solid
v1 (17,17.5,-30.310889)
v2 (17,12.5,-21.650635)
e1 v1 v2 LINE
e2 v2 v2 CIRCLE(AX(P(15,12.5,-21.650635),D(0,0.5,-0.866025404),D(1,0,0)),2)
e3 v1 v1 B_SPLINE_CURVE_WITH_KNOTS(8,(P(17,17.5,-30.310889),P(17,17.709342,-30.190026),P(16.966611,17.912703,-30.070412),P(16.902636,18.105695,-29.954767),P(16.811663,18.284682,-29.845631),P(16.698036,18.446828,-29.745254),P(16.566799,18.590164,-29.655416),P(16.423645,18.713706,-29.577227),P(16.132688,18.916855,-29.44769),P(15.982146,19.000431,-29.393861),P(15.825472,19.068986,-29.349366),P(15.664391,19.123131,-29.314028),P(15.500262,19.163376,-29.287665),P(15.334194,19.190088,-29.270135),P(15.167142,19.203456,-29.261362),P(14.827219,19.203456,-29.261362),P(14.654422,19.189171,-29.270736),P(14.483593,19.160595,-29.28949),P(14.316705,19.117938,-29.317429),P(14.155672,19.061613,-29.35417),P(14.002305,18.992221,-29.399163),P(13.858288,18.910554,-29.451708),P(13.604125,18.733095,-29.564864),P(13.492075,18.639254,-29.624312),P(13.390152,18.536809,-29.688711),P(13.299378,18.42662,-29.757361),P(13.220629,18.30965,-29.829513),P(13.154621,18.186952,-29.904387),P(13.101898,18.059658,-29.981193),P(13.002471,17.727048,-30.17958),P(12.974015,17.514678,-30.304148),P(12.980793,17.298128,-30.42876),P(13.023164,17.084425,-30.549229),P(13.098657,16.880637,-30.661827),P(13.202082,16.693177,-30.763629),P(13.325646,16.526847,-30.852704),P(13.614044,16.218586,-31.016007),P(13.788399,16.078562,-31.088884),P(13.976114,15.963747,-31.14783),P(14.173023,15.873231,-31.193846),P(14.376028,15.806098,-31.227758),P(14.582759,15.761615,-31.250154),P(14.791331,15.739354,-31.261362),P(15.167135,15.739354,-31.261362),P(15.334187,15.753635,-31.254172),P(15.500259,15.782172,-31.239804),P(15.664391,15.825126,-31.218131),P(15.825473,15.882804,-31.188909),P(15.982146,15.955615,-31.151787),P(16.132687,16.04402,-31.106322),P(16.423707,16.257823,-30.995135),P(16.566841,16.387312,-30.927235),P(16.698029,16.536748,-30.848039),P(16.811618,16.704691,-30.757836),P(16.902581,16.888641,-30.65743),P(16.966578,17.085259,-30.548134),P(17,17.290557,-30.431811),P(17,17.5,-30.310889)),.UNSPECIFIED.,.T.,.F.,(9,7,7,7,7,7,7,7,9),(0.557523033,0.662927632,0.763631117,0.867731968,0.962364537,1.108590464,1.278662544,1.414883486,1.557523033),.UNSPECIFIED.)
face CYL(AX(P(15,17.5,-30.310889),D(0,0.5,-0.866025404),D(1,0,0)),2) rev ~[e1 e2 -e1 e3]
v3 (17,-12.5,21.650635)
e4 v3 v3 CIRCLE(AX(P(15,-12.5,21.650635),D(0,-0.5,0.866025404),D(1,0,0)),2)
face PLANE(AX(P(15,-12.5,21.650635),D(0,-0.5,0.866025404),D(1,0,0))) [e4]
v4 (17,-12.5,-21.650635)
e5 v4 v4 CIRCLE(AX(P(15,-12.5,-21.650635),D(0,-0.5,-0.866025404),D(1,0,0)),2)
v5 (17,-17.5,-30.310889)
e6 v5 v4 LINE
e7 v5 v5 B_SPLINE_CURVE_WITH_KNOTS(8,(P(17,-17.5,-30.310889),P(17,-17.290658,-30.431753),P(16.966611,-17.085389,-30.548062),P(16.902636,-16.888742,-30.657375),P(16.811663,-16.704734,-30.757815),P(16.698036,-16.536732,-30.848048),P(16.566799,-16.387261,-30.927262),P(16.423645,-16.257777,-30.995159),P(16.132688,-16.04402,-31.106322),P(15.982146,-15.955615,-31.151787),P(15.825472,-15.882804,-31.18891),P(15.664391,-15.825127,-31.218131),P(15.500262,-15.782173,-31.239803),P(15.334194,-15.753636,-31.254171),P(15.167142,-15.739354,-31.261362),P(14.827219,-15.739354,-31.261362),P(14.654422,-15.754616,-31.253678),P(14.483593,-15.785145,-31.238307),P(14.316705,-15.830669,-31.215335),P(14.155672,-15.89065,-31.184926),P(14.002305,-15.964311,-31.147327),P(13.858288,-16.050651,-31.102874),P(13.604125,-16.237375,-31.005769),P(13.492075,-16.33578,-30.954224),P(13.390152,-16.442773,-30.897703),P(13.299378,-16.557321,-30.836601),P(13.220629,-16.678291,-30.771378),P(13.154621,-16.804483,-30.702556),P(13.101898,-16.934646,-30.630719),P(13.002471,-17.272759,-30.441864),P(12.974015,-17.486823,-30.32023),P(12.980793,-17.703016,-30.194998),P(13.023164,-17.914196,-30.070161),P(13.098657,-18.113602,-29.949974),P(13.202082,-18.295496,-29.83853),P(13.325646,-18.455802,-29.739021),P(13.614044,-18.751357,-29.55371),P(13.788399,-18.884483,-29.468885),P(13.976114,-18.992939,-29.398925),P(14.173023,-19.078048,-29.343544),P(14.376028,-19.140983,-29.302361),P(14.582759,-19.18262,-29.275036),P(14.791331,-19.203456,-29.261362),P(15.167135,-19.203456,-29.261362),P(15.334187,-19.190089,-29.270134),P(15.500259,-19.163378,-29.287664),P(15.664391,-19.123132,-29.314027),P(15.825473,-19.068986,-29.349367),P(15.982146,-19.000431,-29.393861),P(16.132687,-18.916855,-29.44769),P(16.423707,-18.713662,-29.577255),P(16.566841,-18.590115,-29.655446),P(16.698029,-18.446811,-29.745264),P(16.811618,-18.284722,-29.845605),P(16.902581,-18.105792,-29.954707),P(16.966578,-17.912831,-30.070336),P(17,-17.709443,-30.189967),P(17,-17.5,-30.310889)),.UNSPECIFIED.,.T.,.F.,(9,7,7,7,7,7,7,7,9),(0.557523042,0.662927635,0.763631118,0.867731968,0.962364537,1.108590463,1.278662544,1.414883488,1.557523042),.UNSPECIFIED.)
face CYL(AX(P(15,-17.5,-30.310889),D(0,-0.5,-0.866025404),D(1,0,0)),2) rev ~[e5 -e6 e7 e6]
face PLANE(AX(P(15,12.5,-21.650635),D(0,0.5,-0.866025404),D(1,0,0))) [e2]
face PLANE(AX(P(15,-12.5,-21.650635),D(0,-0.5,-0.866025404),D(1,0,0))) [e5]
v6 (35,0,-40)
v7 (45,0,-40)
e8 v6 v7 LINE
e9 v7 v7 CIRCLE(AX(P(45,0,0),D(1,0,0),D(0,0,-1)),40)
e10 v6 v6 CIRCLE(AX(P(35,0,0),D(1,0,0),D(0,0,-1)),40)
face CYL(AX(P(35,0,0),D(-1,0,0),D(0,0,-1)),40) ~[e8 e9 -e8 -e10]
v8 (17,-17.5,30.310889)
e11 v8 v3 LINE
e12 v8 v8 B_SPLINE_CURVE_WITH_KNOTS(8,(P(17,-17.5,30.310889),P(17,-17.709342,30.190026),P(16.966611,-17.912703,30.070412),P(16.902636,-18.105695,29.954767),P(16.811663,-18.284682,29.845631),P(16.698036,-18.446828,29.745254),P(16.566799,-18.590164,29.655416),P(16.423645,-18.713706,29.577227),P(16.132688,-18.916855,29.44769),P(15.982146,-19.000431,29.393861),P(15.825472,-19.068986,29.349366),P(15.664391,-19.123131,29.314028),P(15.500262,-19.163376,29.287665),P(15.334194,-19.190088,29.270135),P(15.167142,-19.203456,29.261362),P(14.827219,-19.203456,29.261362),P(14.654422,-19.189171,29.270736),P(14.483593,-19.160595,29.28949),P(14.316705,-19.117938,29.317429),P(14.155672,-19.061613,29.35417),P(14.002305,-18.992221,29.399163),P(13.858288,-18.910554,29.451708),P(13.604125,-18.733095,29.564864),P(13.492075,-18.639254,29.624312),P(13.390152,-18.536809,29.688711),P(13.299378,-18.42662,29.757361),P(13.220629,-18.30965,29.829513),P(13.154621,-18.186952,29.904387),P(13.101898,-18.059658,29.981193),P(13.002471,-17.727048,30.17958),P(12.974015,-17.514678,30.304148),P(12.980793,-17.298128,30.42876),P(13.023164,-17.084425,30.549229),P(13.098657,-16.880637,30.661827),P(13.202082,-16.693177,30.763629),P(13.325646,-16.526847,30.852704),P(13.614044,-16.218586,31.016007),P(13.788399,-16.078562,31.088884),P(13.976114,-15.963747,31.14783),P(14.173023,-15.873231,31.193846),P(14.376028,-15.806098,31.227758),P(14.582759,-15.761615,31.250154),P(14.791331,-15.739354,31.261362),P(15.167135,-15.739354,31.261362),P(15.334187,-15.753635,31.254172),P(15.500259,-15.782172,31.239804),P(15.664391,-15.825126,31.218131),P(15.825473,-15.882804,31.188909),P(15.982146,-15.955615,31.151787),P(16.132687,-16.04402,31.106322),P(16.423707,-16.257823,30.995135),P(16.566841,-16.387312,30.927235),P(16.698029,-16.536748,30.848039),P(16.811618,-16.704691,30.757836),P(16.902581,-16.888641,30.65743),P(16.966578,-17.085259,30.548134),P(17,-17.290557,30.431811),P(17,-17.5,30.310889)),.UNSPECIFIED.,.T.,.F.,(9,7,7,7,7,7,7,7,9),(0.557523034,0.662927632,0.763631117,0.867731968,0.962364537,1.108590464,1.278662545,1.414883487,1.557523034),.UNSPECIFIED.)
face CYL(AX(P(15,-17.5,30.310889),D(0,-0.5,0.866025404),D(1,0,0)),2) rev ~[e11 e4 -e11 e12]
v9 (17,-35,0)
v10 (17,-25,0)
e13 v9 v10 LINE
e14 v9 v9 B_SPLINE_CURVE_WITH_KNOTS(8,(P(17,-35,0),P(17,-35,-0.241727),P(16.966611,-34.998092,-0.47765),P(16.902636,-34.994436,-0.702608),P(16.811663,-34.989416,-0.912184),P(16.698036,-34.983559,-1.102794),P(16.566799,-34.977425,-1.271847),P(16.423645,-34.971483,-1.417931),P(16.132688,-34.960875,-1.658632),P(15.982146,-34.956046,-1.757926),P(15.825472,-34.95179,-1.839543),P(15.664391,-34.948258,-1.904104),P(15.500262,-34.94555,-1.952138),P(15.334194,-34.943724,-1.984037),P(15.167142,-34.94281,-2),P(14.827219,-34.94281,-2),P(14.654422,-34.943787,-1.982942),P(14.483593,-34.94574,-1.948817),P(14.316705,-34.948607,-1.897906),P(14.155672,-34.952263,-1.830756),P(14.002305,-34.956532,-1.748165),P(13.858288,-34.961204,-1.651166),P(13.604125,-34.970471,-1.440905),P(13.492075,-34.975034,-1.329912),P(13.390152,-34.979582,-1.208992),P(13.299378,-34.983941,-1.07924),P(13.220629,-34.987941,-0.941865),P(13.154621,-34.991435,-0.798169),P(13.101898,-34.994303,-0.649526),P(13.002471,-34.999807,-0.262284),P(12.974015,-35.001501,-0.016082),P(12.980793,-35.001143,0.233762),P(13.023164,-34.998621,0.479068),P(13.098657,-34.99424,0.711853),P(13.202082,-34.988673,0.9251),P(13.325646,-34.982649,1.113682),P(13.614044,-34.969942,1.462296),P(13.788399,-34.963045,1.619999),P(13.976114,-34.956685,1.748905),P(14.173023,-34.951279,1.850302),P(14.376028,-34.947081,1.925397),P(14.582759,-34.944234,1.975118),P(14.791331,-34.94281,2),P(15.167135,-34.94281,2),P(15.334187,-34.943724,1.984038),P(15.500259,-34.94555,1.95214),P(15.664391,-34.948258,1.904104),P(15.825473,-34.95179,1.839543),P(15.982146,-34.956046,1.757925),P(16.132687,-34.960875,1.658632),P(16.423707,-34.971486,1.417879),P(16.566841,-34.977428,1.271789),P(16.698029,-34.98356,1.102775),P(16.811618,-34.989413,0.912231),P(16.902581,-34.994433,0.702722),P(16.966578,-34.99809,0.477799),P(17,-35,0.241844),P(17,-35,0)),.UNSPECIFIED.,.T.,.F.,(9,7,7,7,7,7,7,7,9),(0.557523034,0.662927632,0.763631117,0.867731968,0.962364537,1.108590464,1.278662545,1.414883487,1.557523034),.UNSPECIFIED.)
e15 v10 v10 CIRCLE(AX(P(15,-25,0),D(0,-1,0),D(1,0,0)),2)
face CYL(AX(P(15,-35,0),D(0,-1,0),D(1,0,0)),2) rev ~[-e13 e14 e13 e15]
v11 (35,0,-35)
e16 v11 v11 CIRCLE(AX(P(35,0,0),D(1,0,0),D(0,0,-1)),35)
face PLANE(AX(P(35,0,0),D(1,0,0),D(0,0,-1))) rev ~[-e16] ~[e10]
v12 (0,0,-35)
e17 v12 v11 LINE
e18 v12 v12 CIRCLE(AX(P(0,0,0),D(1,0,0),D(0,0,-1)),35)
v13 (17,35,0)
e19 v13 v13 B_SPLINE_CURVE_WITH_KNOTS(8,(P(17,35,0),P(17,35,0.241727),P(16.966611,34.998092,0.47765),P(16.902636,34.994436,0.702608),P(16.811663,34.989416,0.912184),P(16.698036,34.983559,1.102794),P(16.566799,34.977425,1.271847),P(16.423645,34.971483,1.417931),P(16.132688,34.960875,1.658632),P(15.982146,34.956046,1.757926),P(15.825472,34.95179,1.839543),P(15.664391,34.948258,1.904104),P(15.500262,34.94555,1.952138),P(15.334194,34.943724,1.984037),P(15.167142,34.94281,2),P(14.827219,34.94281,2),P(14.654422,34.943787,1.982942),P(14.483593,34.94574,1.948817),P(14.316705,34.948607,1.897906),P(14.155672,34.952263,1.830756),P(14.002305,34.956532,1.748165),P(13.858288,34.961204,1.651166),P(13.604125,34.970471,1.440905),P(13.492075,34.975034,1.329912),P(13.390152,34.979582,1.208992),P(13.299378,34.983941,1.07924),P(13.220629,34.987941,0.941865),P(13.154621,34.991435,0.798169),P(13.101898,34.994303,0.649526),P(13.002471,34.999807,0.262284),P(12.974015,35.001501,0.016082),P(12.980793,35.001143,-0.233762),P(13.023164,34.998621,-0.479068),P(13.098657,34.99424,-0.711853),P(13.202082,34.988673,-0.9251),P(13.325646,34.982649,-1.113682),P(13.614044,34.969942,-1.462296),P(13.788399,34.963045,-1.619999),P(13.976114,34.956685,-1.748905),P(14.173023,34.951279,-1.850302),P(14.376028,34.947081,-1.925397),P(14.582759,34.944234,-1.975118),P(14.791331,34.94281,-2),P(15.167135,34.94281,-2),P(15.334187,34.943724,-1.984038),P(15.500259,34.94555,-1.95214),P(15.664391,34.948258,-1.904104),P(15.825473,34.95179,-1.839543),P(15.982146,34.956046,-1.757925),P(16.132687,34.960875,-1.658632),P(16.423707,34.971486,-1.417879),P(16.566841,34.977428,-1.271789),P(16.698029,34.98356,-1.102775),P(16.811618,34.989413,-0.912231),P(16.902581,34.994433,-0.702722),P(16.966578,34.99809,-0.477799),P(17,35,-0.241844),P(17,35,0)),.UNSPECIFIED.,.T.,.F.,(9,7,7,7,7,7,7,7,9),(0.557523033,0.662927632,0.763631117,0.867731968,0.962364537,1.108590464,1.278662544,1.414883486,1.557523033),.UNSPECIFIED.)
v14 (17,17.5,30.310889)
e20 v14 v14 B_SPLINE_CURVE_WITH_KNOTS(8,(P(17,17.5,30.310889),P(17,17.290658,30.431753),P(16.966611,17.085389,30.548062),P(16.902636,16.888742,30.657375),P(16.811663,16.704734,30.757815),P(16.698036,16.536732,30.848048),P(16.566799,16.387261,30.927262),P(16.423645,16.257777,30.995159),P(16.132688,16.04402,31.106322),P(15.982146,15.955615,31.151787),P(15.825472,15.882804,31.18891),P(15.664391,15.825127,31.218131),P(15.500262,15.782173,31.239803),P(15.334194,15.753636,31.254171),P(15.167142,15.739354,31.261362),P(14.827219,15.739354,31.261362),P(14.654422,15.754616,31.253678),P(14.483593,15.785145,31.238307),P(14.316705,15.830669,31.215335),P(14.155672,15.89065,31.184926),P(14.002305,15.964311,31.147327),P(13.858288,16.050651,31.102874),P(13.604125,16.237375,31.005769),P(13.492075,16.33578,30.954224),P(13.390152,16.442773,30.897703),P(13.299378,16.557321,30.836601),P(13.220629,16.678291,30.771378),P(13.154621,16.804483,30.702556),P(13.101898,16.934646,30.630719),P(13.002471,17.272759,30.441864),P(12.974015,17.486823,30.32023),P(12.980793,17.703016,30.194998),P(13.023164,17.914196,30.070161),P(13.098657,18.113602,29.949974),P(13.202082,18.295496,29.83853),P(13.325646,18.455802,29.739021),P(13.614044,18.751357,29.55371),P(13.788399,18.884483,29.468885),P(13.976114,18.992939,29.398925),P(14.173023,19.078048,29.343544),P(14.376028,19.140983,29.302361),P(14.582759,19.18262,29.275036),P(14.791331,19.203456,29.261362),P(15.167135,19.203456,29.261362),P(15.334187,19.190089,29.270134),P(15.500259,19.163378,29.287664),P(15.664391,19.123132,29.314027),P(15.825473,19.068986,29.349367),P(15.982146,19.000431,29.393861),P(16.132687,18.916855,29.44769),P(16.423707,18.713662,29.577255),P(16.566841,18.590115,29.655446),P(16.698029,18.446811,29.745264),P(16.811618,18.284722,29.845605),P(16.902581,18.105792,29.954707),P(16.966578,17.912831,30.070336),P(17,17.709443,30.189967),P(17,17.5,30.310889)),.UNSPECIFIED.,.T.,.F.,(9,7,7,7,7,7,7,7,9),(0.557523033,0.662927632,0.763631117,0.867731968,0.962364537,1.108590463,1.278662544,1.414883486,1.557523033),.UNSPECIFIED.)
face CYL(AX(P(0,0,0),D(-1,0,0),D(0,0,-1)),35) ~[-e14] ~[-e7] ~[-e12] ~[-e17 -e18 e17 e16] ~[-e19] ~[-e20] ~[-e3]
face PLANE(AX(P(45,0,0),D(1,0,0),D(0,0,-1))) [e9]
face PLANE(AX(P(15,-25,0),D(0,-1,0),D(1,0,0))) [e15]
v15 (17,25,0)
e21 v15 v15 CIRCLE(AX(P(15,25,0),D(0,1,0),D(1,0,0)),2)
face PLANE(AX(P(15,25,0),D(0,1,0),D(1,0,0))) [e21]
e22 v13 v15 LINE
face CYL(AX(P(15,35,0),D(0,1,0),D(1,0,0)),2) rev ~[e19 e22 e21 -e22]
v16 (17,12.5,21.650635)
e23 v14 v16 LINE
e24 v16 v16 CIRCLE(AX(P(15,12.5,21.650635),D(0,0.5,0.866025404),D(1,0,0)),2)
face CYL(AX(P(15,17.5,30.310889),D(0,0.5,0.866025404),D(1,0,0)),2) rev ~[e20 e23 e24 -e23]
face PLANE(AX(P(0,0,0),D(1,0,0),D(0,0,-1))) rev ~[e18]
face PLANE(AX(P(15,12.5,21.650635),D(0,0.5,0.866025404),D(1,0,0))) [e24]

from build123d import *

# Parameters (mm, degrees)
SKETCH1_R           = 35
BOSS_EXTRUDE1_DEPTH = 35
SKETCH2_R           = 40
BOSS_EXTRUDE2_DEPTH = 10
SKETCH3_R           = 2
CUT_EXTRUDE1_DEPTH  = 10
CIRPATTERN1_COUNT   = 6


with BuildPart() as part:
    # Sketch1 → Boss-Extrude1 (new body)
    with BuildSketch(Plane(origin=(0, 0, 0), x_dir=(0, 0, -1), z_dir=(1, 0, 0))):
        Circle(SKETCH1_R)
    extrude(amount=BOSS_EXTRUDE1_DEPTH)

    # Sketch2 → Boss-Extrude2 (add)
    with BuildSketch(Plane(origin=(35, 0, 0), x_dir=(0, 0, -1), z_dir=(1, 0, 0))):
        Circle(SKETCH2_R)
    extrude(amount=BOSS_EXTRUDE2_DEPTH)

    # Sketch3 → Cut-Extrude1 (cut)
    with BuildSketch(Plane(origin=(0, 35, 0), x_dir=(1, 0, 0), z_dir=(0, 1, 0))):
        with Locations((15, 0)):
            Circle(SKETCH3_R)
    cut_extrude1 = extrude(amount=-CUT_EXTRUDE1_DEPTH, mode=Mode.SUBTRACT)

    # CirPattern1: Cut-Extrude1 ×6 about axis
    cirpattern1_axis = Axis((0, 0, 0), (1, 0, 0))
    for i in range(1, CIRPATTERN1_COUNT):
        add(cut_extrude1.rotate(cirpattern1_axis, i * 360 / CIRPATTERN1_COUNT), mode=Mode.SUBTRACT)


solid = part.part
